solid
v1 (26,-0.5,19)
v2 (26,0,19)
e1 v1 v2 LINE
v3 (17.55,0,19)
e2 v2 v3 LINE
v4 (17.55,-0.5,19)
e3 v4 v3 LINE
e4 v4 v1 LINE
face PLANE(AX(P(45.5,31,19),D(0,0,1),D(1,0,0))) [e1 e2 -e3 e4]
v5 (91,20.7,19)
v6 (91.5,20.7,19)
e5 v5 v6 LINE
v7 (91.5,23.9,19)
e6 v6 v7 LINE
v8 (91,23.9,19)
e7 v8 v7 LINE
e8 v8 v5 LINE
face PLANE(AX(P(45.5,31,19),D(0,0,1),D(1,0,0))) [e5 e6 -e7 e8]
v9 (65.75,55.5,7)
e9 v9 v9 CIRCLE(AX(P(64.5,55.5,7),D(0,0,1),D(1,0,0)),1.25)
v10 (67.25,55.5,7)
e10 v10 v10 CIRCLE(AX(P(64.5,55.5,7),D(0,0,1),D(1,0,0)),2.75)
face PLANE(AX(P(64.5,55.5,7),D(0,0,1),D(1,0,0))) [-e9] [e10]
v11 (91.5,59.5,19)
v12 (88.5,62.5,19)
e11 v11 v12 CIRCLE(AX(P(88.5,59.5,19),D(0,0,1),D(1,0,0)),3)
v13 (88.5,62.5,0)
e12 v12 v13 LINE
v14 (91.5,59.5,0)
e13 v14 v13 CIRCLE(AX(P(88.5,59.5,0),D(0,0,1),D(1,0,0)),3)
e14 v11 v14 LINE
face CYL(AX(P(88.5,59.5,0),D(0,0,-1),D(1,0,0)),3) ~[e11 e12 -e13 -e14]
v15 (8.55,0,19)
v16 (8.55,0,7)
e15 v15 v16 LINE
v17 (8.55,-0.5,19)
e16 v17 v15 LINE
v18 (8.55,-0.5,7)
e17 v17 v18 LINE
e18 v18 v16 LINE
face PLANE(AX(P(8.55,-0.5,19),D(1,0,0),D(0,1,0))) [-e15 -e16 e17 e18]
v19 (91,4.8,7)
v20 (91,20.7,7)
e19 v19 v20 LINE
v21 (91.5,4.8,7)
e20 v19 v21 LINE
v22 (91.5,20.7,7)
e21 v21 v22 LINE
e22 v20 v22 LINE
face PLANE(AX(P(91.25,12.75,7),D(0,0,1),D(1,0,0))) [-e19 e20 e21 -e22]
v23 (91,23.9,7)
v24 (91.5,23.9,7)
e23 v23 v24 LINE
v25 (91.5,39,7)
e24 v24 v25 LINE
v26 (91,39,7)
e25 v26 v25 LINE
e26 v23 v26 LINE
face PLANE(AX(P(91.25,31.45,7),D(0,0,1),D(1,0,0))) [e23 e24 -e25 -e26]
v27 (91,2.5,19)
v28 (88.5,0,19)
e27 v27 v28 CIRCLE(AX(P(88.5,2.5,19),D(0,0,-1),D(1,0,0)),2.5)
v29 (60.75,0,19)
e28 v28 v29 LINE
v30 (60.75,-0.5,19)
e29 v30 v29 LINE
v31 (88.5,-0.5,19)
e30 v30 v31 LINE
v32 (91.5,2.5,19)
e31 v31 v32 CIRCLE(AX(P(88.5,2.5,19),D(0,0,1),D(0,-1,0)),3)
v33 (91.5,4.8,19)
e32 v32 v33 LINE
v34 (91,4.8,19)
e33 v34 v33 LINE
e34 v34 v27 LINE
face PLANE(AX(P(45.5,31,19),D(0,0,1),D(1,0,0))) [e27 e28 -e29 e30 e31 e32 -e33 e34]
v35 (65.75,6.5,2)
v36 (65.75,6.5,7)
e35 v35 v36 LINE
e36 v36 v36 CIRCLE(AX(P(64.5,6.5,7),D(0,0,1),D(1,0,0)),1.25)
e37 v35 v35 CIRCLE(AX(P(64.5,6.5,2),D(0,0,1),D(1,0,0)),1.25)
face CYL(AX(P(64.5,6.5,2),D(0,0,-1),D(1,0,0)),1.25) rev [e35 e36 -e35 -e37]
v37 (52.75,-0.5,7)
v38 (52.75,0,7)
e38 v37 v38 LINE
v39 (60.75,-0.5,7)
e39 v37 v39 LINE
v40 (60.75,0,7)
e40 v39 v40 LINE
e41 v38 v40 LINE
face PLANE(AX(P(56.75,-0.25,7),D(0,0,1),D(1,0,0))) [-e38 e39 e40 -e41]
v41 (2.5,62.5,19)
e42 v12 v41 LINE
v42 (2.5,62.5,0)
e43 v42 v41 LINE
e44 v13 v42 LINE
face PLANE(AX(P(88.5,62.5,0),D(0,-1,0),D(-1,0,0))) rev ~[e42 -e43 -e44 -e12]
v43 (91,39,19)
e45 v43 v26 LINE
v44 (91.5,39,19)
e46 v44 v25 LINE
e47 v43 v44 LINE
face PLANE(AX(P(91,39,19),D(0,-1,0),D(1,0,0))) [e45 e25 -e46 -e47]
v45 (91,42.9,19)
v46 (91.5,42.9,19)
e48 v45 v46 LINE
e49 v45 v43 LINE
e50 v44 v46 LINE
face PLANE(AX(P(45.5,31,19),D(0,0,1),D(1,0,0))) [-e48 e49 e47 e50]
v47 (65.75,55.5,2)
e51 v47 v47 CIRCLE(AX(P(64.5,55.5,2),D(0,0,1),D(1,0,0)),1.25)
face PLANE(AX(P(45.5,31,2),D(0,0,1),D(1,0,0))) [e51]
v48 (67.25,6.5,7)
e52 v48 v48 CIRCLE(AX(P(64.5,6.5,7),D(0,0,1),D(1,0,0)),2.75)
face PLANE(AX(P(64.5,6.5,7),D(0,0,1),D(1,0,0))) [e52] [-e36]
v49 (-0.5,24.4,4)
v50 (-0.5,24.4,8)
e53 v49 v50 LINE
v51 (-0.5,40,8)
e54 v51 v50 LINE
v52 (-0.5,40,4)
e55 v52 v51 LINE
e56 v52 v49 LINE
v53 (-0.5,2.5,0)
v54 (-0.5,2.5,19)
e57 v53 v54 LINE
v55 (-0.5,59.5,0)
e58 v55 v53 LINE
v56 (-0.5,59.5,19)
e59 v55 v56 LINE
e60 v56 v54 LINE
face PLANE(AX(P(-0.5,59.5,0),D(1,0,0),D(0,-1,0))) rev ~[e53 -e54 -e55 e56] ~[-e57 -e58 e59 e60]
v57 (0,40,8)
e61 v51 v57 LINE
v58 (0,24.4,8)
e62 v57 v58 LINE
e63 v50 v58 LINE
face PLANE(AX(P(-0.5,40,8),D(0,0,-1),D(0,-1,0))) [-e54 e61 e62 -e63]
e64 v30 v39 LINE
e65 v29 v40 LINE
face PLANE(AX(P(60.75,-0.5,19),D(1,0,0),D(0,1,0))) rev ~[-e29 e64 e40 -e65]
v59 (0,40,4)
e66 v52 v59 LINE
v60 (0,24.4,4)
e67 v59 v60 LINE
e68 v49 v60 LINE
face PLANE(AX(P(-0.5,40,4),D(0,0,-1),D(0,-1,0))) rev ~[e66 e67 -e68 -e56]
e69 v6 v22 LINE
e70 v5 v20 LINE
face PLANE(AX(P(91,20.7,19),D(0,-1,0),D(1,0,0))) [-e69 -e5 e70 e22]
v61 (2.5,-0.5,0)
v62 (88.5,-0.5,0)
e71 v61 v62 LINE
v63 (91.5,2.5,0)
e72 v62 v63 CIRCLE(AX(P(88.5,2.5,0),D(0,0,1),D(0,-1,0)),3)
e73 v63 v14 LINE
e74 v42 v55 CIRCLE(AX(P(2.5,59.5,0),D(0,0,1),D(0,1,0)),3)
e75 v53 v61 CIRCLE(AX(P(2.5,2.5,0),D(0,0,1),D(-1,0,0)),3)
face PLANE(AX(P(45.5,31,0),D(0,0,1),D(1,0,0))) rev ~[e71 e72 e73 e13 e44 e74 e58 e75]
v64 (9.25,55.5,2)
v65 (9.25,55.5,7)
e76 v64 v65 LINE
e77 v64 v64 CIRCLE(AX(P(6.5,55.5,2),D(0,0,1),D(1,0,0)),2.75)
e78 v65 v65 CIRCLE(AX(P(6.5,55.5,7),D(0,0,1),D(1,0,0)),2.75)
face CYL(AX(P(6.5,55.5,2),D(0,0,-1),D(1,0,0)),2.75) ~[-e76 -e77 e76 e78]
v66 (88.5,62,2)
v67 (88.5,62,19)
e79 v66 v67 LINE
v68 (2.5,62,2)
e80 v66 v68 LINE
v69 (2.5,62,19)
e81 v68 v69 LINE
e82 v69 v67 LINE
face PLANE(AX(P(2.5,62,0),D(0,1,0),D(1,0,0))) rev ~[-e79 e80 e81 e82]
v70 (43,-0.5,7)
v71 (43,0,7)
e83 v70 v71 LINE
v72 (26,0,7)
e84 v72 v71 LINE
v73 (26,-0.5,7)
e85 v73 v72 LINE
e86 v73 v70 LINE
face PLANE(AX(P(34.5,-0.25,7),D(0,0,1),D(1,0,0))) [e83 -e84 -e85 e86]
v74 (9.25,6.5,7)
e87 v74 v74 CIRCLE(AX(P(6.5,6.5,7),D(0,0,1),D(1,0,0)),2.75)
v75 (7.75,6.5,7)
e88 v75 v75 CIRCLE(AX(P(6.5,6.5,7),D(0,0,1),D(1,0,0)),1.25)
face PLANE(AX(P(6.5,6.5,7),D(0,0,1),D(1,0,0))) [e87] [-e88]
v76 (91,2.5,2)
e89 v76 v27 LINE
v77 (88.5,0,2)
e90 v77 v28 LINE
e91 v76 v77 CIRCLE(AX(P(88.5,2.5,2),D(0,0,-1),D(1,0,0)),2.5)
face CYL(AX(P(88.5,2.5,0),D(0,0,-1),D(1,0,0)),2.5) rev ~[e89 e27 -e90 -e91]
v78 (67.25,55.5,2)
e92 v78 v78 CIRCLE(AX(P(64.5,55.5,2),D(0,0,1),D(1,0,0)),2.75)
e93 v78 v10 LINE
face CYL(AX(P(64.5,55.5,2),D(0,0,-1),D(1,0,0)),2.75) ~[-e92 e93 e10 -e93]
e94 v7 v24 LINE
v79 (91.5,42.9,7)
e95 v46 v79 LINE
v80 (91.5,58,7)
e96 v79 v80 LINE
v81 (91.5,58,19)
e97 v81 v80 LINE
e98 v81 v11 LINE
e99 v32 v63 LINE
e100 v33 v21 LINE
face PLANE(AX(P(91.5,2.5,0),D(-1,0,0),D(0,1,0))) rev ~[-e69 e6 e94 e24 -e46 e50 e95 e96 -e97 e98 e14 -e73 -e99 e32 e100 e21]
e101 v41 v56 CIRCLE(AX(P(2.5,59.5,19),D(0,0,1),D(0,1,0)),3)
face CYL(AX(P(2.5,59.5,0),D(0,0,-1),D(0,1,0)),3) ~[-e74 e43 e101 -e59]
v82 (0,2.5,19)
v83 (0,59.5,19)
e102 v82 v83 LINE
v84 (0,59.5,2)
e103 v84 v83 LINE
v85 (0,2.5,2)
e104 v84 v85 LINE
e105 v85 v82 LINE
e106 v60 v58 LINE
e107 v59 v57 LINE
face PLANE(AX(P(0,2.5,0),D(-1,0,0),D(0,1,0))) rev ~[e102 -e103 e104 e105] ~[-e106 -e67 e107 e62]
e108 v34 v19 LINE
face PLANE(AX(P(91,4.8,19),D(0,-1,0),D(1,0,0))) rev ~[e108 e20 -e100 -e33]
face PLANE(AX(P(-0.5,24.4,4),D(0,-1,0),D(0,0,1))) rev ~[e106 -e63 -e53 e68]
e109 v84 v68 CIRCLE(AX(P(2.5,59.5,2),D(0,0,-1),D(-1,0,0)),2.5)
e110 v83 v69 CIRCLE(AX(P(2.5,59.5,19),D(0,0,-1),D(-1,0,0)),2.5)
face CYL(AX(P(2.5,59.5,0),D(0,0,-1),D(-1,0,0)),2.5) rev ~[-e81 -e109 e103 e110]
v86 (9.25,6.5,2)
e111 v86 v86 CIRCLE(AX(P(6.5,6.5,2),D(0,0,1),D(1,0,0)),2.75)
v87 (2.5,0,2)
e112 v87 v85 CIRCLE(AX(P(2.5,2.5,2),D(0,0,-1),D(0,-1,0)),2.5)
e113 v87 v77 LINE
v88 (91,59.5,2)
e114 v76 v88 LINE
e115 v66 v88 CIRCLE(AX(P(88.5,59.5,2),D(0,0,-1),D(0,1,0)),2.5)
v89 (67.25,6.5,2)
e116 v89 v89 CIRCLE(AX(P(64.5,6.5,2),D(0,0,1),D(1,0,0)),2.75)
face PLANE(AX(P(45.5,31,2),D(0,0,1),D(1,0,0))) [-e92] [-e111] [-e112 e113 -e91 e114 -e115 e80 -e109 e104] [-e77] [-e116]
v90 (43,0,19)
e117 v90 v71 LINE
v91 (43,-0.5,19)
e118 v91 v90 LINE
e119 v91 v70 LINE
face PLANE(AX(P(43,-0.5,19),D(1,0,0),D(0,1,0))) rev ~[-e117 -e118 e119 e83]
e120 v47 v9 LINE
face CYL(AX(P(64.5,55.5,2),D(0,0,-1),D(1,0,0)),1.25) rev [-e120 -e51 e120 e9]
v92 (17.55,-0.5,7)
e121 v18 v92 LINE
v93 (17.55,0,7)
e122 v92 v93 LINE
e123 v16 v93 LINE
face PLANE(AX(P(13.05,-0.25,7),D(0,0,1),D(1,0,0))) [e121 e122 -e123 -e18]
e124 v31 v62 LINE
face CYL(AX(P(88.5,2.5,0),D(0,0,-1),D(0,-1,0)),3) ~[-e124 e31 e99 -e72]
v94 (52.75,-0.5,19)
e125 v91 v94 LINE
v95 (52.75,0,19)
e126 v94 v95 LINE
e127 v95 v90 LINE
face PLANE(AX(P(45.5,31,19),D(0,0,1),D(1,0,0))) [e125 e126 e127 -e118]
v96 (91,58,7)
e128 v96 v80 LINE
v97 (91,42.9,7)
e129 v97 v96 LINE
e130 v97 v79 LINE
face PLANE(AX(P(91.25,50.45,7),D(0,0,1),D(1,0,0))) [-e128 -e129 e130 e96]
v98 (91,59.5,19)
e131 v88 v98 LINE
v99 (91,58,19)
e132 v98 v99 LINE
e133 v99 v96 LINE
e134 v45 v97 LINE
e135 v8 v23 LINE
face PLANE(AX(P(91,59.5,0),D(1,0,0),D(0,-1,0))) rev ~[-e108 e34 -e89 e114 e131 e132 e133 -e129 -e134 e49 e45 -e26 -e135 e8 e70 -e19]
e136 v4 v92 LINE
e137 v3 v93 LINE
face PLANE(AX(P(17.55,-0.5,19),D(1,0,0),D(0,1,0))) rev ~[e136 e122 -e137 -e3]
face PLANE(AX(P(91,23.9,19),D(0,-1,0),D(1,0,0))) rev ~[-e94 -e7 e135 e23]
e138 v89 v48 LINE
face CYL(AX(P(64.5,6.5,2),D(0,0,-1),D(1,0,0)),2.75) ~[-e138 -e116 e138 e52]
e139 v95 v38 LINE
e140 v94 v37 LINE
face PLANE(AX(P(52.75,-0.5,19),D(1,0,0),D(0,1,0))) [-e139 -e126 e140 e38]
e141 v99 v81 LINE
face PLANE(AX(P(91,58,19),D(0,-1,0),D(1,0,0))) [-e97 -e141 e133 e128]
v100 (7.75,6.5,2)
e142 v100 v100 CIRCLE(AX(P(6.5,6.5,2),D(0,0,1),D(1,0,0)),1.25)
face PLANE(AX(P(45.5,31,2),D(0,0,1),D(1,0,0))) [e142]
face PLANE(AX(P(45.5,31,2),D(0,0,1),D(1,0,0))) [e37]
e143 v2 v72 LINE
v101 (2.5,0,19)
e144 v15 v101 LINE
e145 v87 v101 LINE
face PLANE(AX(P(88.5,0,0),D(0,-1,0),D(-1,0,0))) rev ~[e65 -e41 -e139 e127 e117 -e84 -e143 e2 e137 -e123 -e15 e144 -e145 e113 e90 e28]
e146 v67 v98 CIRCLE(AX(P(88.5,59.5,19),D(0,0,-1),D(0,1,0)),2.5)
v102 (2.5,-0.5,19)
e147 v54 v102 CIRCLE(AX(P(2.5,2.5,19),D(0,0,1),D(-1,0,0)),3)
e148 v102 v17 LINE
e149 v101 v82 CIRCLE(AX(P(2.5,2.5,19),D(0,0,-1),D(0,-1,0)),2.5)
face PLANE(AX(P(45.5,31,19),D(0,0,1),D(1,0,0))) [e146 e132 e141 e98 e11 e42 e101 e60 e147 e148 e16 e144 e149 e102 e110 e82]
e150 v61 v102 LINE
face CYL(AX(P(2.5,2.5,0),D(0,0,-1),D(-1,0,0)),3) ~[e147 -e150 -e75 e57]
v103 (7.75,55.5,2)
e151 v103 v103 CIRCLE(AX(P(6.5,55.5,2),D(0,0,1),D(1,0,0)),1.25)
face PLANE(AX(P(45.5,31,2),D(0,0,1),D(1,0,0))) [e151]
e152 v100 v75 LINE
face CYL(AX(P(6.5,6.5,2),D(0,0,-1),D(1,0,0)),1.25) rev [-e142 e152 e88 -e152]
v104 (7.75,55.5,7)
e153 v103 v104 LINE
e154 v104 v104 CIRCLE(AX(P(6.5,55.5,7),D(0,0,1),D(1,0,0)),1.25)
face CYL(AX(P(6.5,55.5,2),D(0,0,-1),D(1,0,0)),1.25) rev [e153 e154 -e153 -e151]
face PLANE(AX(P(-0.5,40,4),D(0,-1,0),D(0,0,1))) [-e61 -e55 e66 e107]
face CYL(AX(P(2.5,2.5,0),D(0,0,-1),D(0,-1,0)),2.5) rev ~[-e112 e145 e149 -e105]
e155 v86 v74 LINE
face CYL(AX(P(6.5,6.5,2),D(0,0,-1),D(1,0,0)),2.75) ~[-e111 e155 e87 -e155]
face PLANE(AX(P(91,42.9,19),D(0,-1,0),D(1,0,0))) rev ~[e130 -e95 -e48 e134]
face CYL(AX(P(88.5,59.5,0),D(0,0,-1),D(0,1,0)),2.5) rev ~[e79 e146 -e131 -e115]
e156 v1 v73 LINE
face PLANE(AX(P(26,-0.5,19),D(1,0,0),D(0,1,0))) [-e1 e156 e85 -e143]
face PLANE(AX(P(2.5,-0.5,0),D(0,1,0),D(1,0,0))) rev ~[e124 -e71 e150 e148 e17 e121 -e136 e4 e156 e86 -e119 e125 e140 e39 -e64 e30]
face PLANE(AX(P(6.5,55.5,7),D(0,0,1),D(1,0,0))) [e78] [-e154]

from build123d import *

# Parameters (mm, degrees)
F1_DEPTH = 2
F2_DEPTH = 19
F3_R     = 2.75
F3_R_2   = 1.25
F4_DEPTH = 5
F5_W     = 9
F5_H     = 0.5
F5_W_2   = 17
F5_W_3   = 8
F5_W_4   = 0.5
F5_H_2   = 15.1
F5_H_3   = 15.9
F6_DEPTH = 12
F7_W     = 15.6
F7_H     = 4
F8_DEPTH = 0.5


with BuildPart() as f1:
    # F0 (on Top) → F1 (new body)
    with BuildSketch(Plane.XY):
        with BuildLine():
            Line((88.5, 62.5), (2.5, 62.5))
            ThreePointArc((2.5, 62.5), (0.3786796564, 61.6213203436), (-0.5, 59.5))
            Line((-0.5, 59.5), (-0.5, 2.5))
            ThreePointArc((-0.5, 2.5), (0.3786796564, 0.3786796564), (2.5, -0.5))
            Line((2.5, -0.5), (88.5, -0.5))
            ThreePointArc((88.5, -0.5), (90.6213203436, 0.3786796564), (91.5, 2.5))
            Line((91.5, 2.5), (91.5, 59.5))
            ThreePointArc((91.5, 59.5), (90.6213203436, 61.6213203436), (88.5, 62.5))
        make_face()
        with BuildLine():
            Line((88.5, 0), (2.5, 0))
            ThreePointArc((2.5, 0), (0.732233047, 0.732233047), (0, 2.5))
            Line((0, 2.5), (0, 59.5))
            ThreePointArc((0, 59.5), (0.732233047, 61.267766953), (2.5, 62))
            Line((2.5, 62), (88.5, 62))
            ThreePointArc((88.5, 62), (90.267766953, 61.267766953), (91, 59.5))
            Line((91, 59.5), (91, 2.5))
            ThreePointArc((91, 2.5), (90.267766953, 0.732233047), (88.5, 0))
        make_face(mode=Mode.SUBTRACT)
        with BuildLine():
            ThreePointArc((0, 2.5), (0.732233047, 0.732233047), (2.5, 0))
            Line((2.5, 0), (88.5, 0))
            ThreePointArc((88.5, 0), (90.267766953, 0.732233047), (91, 2.5))
            Line((91, 2.5), (91, 59.5))
            ThreePointArc((91, 59.5), (90.267766953, 61.267766953), (88.5, 62))
            Line((88.5, 62), (2.5, 62))
            ThreePointArc((2.5, 62), (0.732233047, 61.267766953), (0, 59.5))
            Line((0, 59.5), (0, 2.5))
        make_face()
    extrude(amount=F1_DEPTH)

    # F0 (on Top) → F2 (join)
    with BuildSketch(Plane.XY):
        with BuildLine():
            Line((88.5, 62.5), (2.5, 62.5))
            ThreePointArc((2.5, 62.5), (0.3786796564, 61.6213203436), (-0.5, 59.5))
            Line((-0.5, 59.5), (-0.5, 2.5))
            ThreePointArc((-0.5, 2.5), (0.3786796564, 0.3786796564), (2.5, -0.5))
            Line((2.5, -0.5), (88.5, -0.5))
            ThreePointArc((88.5, -0.5), (90.6213203436, 0.3786796564), (91.5, 2.5))
            Line((91.5, 2.5), (91.5, 59.5))
            ThreePointArc((91.5, 59.5), (90.6213203436, 61.6213203436), (88.5, 62.5))
        make_face()
        with BuildLine():
            Line((88.5, 0), (2.5, 0))
            ThreePointArc((2.5, 0), (0.732233047, 0.732233047), (0, 2.5))
            Line((0, 2.5), (0, 59.5))
            ThreePointArc((0, 59.5), (0.732233047, 61.267766953), (2.5, 62))
            Line((2.5, 62), (88.5, 62))
            ThreePointArc((88.5, 62), (90.267766953, 61.267766953), (91, 59.5))
            Line((91, 59.5), (91, 2.5))
            ThreePointArc((91, 2.5), (90.267766953, 0.732233047), (88.5, 0))
        make_face(mode=Mode.SUBTRACT)
    extrude(amount=F2_DEPTH)

    # F3 (on face) → F4 (join)
    with BuildSketch(Plane.XY.offset(2)):
        with Locations((6.5, 55.5)):
            Circle(F3_R)
        with Locations((6.5, 55.5)):
            Circle(F3_R_2, mode=Mode.SUBTRACT)
        with Locations((64.5, 55.5)):
            Circle(F3_R)
        with Locations((64.5, 55.5)):
            Circle(F3_R_2, mode=Mode.SUBTRACT)
        with Locations((6.5, 6.5)):
            Circle(F3_R)
        with Locations((6.5, 6.5)):
            Circle(F3_R_2, mode=Mode.SUBTRACT)
        with Locations((64.5, 6.5)):
            Circle(F3_R)
        with Locations((64.5, 6.5)):
            Circle(F3_R_2, mode=Mode.SUBTRACT)
    extrude(amount=F4_DEPTH)

    # F5 (on face) → F6 (cut)
    with BuildSketch(Plane.XY.offset(19)):
        with Locations((13.05, -0.25)):
            Rectangle(F5_W, F5_H)
        with Locations((34.5, -0.25)):
            Rectangle(F5_W_2, F5_H)
        with Locations((56.75, -0.25)):
            Rectangle(F5_W_3, F5_H)
        with Locations((91.25, 50.45)):
            Rectangle(F5_W_4, F5_H_2)
        with Locations((91.25, 31.45)):
            Rectangle(F5_W_4, F5_H_2)
        with Locations((91.25, 12.75)):
            Rectangle(F5_W_4, F5_H_3)
    extrude(amount=-F6_DEPTH, mode=Mode.SUBTRACT)

    # F7 (on face) → F8 (cut)
    with BuildSketch(Plane(origin=(-0.5, 0, 0), x_dir=(0, -1, 0), z_dir=(-1, 0, 0))):
        with Locations((-32.2, 6)):
            Rectangle(F7_W, F7_H)
    extrude(amount=-F8_DEPTH, mode=Mode.SUBTRACT)


solid = f1.part
